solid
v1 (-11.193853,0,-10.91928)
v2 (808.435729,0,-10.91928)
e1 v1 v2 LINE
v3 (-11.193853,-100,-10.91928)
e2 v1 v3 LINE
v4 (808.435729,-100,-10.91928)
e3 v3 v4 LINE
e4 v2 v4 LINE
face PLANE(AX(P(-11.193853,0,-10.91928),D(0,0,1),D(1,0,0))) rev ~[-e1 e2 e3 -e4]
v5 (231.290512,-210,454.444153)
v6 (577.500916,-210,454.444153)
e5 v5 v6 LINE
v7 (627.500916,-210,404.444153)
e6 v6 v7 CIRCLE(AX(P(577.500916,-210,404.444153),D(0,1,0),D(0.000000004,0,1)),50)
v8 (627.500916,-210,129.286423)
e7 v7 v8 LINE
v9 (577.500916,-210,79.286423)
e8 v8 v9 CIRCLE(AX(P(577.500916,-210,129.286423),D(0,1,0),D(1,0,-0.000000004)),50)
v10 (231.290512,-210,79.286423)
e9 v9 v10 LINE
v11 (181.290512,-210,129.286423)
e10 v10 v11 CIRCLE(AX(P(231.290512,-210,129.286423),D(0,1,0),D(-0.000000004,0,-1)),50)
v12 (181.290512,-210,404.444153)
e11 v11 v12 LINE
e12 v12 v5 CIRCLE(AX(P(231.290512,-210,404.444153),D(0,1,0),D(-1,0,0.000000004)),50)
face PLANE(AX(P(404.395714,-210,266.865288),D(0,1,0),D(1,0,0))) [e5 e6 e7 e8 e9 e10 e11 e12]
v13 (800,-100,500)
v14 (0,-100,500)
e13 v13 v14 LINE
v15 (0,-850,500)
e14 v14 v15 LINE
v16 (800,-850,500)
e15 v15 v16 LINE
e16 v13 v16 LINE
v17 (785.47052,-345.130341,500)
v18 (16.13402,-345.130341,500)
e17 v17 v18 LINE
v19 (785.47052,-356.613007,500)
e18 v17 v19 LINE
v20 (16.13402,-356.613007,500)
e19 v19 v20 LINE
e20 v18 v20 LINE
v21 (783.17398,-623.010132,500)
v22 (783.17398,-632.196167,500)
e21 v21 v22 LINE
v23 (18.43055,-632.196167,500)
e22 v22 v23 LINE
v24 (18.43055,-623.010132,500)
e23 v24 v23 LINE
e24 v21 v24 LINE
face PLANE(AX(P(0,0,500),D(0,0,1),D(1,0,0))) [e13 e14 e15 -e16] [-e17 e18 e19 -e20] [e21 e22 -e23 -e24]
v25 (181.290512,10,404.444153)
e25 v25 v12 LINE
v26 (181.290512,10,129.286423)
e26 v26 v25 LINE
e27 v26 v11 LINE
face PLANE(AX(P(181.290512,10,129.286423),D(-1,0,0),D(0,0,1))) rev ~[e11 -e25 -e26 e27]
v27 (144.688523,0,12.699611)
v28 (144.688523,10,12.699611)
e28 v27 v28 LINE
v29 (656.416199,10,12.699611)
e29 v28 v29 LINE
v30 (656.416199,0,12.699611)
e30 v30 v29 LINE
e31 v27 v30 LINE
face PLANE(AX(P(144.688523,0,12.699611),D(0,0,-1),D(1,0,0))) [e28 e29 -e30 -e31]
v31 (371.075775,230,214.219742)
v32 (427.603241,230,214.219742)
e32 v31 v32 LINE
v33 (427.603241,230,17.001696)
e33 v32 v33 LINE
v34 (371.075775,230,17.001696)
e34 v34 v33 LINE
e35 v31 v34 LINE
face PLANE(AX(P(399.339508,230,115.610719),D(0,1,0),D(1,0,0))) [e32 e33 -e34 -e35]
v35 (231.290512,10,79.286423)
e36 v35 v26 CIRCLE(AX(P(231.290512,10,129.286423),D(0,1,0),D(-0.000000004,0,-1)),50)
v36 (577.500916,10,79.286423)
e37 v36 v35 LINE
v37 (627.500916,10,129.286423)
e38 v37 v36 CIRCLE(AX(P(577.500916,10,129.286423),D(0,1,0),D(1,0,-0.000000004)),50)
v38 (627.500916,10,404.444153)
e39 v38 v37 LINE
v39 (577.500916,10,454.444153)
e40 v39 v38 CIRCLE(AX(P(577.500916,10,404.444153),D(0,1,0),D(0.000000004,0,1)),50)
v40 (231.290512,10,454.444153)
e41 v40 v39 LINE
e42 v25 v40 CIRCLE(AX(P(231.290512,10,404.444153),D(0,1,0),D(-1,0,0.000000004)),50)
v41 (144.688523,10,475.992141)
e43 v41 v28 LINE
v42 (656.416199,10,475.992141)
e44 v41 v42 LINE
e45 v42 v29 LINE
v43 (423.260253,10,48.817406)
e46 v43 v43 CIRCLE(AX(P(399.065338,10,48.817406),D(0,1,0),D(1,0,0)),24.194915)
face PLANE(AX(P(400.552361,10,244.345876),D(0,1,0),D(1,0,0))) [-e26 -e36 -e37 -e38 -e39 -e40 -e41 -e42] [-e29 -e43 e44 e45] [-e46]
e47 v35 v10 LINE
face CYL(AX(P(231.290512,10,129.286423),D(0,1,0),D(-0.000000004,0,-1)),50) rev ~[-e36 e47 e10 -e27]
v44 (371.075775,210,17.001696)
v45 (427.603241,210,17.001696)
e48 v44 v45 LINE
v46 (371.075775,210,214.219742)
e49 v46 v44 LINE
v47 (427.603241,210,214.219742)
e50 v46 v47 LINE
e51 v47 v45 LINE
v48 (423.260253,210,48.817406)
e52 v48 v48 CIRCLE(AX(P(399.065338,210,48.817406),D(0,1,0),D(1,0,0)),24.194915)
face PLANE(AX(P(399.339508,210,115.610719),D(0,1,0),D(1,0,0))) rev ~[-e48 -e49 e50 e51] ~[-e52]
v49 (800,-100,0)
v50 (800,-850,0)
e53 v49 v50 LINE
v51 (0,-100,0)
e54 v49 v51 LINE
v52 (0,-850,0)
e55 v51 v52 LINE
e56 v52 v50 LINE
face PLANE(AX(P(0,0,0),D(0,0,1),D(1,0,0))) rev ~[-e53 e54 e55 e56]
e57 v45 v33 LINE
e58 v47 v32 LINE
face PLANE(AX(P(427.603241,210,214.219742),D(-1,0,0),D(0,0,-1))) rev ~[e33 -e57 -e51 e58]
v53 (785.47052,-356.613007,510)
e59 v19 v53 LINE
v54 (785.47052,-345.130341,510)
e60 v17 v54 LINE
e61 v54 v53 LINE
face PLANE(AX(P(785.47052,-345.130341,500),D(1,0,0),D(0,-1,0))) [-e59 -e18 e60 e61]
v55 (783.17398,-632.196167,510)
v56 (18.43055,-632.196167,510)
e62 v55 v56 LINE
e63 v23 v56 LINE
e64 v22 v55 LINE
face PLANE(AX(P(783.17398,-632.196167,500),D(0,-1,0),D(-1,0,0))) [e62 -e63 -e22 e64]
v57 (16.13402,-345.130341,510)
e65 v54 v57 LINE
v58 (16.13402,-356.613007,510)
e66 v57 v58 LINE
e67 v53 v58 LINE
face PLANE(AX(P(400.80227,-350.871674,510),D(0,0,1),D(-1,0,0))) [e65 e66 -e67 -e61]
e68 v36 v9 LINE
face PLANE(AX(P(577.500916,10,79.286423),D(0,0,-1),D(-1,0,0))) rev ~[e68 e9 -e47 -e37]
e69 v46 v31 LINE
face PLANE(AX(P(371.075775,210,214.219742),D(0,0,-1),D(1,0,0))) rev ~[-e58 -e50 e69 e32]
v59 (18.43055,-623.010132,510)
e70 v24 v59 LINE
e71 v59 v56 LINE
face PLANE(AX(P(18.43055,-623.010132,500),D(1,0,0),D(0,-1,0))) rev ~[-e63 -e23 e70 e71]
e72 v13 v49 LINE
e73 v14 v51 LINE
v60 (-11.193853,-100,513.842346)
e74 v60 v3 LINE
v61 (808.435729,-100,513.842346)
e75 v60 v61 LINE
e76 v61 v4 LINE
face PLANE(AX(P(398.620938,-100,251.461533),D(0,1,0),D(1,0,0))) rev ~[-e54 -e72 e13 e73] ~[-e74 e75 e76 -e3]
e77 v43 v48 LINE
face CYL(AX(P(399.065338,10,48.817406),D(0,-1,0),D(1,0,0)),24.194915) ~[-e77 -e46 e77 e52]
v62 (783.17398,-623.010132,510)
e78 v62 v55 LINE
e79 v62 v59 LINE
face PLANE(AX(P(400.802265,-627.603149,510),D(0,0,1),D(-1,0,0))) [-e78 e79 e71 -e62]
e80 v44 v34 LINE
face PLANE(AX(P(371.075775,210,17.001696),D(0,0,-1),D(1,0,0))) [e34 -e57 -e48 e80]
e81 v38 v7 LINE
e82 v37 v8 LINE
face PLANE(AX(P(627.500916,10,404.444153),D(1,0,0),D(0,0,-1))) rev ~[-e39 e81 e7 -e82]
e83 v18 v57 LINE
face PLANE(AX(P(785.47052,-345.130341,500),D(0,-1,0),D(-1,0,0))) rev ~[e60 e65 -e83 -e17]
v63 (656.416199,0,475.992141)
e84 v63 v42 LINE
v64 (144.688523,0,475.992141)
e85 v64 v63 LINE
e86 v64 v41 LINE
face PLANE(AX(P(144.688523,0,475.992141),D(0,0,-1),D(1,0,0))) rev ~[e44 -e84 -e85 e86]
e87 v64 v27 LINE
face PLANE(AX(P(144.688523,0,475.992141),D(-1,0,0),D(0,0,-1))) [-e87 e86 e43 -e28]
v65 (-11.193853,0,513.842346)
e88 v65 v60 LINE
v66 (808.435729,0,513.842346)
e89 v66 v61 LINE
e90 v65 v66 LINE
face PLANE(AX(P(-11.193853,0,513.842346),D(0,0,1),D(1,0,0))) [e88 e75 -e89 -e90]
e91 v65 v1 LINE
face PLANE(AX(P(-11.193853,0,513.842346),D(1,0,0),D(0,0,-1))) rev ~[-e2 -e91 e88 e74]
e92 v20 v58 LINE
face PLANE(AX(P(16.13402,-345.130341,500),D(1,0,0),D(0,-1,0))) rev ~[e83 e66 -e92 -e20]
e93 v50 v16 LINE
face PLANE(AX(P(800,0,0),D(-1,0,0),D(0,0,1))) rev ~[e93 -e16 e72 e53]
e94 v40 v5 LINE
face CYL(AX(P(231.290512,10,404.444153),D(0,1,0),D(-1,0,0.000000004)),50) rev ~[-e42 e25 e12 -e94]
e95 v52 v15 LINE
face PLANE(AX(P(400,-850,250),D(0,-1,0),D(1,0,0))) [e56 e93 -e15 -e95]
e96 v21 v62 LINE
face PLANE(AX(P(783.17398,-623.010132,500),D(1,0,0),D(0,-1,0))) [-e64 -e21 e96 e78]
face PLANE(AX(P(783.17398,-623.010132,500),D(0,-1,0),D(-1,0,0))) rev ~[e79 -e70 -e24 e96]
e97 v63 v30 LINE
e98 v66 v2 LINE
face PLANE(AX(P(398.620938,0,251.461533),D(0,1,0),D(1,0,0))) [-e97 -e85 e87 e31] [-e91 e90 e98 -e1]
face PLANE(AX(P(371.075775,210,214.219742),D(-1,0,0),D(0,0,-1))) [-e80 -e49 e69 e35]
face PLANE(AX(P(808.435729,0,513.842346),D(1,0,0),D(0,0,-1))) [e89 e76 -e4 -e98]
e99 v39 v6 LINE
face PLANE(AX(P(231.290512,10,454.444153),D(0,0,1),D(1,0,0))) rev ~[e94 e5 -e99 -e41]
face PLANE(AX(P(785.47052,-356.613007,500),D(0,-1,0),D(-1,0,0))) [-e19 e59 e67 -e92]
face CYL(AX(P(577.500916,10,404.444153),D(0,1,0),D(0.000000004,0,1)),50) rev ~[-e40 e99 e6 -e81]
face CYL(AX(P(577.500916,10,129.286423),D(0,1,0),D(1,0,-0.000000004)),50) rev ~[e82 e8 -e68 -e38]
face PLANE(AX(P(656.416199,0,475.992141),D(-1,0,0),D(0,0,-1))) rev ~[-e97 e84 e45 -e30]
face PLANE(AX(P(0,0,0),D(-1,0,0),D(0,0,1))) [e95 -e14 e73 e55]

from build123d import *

# Parameters (mm, degrees)
SKETCH_W      = 800
SKETCH_H      = 500
PAD_DEPTH     = 850
SKETCH001_W   = 511.727677
SKETCH001_H   = 463.29253
PAD001_DEPTH  = 10
POCKET_DEPTH  = 220
SKETCH003_R   = 24.194915
PAD002_DEPTH  = 200
SKETCH004_W   = 56.527466
SKETCH004_H   = 197.218046
PAD003_DEPTH  = 20
SKETCH005_W   = 819.629583
SKETCH005_H   = 524.761626
SKETCH005_W_2 = 475.380982
SKETCH005_H_2 = 411.07835
PAD004_DEPTH  = 100
SKETCH006_W   = 769.3365
SKETCH006_H   = 11.482666
SKETCH006_W_2 = 764.743431
SKETCH006_H_2 = 9.186035
PAD005_DEPTH  = 10


with BuildPart() as part:
    # Sketch → Pad (new body)
    with BuildSketch(Plane.XZ):
        with Locations((400, 250)):
            Rectangle(SKETCH_W, SKETCH_H)
    extrude(amount=PAD_DEPTH)

    # Sketch001 (on Face5 of Pad) → Pad001 (join)
    with BuildSketch(Plane(origin=(0, 0, 0), x_dir=(1, 0, 0), z_dir=(0, 1, 0))):
        with Locations((400.552361, -244.345876)):
            Rectangle(SKETCH001_W, SKETCH001_H)
    extrude(amount=PAD001_DEPTH)

    # Sketch002 (on Face11 of Pad001) → Pocket (cut)
    with BuildSketch(Plane(origin=(0, 10, 0), x_dir=(1, 0, 0), z_dir=(0, 1, 0))):
        with BuildLine():
            Line((181.290512, -129.286423), (181.290512, -404.444153))
            ThreePointArc((181.290512, -404.444153), (195.935173, -439.799492), (231.290512, -454.444153))
            Line((231.290512, -454.444153), (577.500916, -454.444153))
            ThreePointArc((577.500916, -454.444153), (612.856255, -439.799492), (627.500916, -404.444153))
            Line((627.500916, -404.444153), (627.500916, -129.286423))
            ThreePointArc((627.500916, -129.286423), (612.856255, -93.931084), (577.500916, -79.286423))
            Line((577.500916, -79.286423), (231.290512, -79.286423))
            ThreePointArc((231.290512, -79.286423), (195.935173, -93.931084), (181.290512, -129.286423))
        make_face()
    extrude(amount=-POCKET_DEPTH, mode=Mode.SUBTRACT)

    # Sketch003 (on Face11 of Pocket) → Pad002 (join)
    with BuildSketch(Plane(origin=(0, 10, 0), x_dir=(1, 0, 0), z_dir=(0, 1, 0))):
        with Locations((399.065338, -48.817406)):
            Circle(SKETCH003_R)
    extrude(amount=PAD002_DEPTH)

    # Sketch004 (on Face21 of Pad002) → Pad003 (join)
    with BuildSketch(Plane(origin=(0, 210, 0), x_dir=(1, 0, 0), z_dir=(0, 1, 0))):
        with Locations((399.339508, -115.610719)):
            Rectangle(SKETCH004_W, SKETCH004_H)
    extrude(amount=PAD003_DEPTH)

    # Sketch005 (on Face4 of Pad003) → Pad004 (join)
    with BuildSketch(Plane(origin=(0, 0, 0), x_dir=(1, 0, 0), z_dir=(0, 1, 0))):
        with Locations((398.620938, -251.461533)):
            Rectangle(SKETCH005_W, SKETCH005_H)
        with Locations((403.098633, -266.965067)):
            Rectangle(SKETCH005_W_2, SKETCH005_H_2, mode=Mode.SUBTRACT)
    extrude(amount=-PAD004_DEPTH)

    # Sketch006 (on Face8 of Pad004) → Pad005 (join)
    with BuildSketch(Plane(origin=(0, 0, 500), x_dir=(-1, 0, 0), z_dir=(0, 0, 1))):
        with Locations((-400.80227, 350.871674)):
            Rectangle(SKETCH006_W, SKETCH006_H)
        with Locations((-400.802265, 627.603149)):
            Rectangle(SKETCH006_W_2, SKETCH006_H_2)
    extrude(amount=PAD005_DEPTH)


solid = part.part
